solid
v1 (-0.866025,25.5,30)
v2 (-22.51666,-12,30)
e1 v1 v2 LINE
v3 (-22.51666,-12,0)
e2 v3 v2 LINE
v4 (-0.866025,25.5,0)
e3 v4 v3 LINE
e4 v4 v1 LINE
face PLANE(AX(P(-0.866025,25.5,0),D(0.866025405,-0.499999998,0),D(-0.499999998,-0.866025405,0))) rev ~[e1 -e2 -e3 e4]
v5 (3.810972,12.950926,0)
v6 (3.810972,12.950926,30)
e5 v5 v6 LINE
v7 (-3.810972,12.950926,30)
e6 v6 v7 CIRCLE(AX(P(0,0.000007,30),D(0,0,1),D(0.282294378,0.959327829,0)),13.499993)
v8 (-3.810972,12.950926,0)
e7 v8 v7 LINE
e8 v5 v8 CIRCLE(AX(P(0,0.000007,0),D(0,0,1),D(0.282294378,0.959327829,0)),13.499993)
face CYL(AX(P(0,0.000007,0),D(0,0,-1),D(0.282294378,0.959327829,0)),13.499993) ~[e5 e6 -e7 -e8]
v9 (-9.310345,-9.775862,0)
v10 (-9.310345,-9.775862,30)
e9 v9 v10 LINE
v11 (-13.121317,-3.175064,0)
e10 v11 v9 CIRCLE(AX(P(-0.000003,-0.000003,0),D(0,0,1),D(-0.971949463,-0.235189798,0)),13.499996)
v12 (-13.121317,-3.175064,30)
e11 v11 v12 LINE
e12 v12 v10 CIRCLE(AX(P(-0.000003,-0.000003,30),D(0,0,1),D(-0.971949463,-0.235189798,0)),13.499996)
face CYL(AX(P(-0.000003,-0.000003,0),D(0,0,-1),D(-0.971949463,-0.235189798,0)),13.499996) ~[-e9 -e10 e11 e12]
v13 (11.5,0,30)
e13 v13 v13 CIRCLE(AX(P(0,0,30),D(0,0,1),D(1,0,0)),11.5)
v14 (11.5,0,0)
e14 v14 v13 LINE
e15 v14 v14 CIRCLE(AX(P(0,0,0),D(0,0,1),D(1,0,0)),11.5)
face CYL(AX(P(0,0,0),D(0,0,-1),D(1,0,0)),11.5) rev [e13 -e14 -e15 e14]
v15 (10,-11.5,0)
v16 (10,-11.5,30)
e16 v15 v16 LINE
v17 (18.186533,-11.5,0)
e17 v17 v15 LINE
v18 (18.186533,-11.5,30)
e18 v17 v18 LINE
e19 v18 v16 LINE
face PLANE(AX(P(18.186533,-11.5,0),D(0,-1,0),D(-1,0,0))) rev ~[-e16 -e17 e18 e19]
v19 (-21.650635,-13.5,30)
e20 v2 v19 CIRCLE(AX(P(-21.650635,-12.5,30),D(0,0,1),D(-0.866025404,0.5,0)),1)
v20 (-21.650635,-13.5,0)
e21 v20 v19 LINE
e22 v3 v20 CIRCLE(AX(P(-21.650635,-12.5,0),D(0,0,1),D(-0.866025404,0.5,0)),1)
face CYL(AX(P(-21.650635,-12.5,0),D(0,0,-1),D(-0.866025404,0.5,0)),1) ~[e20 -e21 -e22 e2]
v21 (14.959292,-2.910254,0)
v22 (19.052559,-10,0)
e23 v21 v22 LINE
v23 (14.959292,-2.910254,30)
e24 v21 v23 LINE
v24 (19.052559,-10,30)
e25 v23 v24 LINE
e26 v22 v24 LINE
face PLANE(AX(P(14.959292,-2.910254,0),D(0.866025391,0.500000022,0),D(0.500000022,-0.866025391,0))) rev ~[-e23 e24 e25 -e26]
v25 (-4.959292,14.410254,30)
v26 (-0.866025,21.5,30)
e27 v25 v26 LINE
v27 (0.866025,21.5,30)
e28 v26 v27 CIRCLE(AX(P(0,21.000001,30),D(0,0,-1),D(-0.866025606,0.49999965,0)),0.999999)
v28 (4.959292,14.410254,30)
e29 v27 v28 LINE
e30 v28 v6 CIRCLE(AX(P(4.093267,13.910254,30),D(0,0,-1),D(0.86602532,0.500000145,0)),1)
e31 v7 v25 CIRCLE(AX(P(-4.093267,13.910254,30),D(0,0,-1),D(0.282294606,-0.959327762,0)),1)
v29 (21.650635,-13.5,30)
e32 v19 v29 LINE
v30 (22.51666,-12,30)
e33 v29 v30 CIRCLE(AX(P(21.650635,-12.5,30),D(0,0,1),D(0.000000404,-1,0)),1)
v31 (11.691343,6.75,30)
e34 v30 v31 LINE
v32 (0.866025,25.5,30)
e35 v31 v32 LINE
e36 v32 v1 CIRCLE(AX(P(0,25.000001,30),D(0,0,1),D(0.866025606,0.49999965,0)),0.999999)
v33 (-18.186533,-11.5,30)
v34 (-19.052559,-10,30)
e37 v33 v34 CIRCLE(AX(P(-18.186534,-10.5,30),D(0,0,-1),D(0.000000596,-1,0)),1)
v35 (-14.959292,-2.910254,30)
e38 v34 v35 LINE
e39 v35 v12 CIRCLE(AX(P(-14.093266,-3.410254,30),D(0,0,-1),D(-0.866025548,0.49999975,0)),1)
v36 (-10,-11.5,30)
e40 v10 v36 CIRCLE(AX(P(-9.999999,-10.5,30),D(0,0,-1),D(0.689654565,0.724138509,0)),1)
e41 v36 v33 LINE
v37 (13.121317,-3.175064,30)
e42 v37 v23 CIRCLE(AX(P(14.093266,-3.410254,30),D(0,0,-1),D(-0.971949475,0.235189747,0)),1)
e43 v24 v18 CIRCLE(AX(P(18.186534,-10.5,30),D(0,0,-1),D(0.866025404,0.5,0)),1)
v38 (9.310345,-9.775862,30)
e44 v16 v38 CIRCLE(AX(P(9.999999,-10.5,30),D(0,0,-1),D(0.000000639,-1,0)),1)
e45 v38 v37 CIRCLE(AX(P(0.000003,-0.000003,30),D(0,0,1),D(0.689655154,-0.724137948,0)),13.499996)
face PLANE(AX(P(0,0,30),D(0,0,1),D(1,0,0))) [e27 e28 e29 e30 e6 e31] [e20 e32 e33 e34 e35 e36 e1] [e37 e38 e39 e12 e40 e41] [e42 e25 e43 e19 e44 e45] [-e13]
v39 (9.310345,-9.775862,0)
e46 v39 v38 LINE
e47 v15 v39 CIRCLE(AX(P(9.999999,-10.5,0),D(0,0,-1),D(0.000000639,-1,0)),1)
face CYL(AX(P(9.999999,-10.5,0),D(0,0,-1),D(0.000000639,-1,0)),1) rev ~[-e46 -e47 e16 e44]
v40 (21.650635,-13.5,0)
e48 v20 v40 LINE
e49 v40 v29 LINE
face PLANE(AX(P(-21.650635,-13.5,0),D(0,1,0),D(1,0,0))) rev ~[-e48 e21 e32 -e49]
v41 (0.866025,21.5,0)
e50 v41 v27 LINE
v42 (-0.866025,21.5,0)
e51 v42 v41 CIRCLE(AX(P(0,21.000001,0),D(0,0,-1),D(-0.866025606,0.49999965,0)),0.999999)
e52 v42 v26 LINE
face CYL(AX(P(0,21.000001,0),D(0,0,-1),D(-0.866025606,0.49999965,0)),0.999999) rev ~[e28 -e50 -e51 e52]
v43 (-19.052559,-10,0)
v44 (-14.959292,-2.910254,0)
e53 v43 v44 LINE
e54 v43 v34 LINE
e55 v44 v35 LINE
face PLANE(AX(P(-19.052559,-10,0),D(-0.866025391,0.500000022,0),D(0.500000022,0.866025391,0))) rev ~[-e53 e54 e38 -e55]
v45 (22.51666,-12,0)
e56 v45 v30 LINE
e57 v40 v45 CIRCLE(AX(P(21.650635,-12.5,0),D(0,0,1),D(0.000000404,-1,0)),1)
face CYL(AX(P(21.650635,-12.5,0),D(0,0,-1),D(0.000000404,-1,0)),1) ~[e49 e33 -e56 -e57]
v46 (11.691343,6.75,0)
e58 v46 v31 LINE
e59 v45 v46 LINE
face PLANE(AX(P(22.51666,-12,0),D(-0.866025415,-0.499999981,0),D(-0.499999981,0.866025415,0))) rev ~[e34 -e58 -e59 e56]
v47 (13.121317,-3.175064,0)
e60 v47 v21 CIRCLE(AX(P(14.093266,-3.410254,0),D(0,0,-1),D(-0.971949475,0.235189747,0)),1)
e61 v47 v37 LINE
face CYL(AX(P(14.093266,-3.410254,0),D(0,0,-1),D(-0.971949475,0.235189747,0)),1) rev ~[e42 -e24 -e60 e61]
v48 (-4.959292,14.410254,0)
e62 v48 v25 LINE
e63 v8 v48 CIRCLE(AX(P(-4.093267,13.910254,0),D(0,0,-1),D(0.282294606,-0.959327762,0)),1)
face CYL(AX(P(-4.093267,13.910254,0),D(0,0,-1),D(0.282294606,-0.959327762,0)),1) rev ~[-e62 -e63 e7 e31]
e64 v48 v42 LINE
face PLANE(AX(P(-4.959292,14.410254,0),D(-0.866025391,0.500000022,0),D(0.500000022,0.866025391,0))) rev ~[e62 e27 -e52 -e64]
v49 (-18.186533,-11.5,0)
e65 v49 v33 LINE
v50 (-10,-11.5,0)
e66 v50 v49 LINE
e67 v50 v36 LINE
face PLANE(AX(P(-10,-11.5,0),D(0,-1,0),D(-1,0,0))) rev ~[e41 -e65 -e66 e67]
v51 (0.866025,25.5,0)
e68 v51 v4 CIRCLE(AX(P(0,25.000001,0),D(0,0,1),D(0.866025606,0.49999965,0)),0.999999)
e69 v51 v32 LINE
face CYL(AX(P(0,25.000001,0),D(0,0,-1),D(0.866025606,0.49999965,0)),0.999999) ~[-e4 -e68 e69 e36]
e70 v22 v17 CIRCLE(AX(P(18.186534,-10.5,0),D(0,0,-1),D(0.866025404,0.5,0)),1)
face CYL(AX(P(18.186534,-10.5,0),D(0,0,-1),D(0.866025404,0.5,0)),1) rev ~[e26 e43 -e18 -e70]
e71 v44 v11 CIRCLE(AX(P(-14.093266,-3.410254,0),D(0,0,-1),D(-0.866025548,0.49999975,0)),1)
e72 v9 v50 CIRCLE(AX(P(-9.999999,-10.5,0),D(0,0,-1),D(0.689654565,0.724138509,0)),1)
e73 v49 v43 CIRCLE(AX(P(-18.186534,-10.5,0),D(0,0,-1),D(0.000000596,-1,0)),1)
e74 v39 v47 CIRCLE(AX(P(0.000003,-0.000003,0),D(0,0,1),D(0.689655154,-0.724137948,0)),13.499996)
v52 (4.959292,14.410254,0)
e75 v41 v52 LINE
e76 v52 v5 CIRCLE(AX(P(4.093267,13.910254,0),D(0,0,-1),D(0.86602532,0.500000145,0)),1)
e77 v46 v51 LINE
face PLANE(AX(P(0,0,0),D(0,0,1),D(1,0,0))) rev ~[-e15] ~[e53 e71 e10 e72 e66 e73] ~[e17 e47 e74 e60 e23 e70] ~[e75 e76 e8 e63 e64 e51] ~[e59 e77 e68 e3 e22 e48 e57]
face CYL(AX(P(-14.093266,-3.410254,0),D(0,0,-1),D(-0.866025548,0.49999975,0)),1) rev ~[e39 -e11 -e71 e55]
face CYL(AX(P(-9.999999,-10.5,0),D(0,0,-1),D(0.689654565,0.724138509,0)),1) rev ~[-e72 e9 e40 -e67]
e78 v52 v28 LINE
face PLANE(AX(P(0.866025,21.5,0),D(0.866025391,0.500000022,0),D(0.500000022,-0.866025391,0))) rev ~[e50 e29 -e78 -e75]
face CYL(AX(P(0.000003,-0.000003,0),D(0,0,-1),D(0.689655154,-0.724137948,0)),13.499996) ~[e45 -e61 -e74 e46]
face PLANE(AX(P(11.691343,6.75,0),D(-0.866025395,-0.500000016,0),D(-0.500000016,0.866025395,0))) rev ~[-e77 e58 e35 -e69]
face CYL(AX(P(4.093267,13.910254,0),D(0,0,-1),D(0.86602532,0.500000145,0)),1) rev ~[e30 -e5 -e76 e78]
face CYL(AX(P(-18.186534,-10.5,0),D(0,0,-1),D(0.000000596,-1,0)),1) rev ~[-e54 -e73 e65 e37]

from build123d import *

# Parameters (mm, degrees)
F0_R     = 11.5
F1_DEPTH = 30


with BuildPart() as f1:
    # F0 (on Top) → F1 (new body)
    with BuildSketch(Plane.XY):
        with BuildLine():
            Line((11.691343, 6.75), (0.866025, 25.5))
            ThreePointArc((0.866025, 25.5), (0, 26), (-0.866025, 25.5))
            Line((-0.866025, 25.5), (-22.51666, -12))
            ThreePointArc((-22.51666, -12), (-22.51666, -13), (-21.650635, -13.5))
            Line((-21.650635, -13.5), (21.650635, -13.5))
            ThreePointArc((21.650635, -13.5), (22.51666, -13), (22.51666, -12))
            Line((22.51666, -12), (11.691343, 6.75))
        make_face()
        with BuildLine():
            ThreePointArc((-18.186533, -11.5), (-19.052559, -11), (-19.052559, -10))
            Line((-19.052559, -10), (-14.959292, -2.910254))
            ThreePointArc((-14.959292, -2.910254), (-13.950662, -2.420474), (-13.121317, -3.175064))
            ThreePointArc((-13.121317, -3.175064), (-11.691343, -6.75), (-9.310345, -9.775862))
            ThreePointArc((-9.310345, -9.775862), (-9.071523, -10.871391), (-10, -11.5))
            Line((-10, -11.5), (-18.186533, -11.5))
        make_face(mode=Mode.SUBTRACT)
        Circle(F0_R, mode=Mode.SUBTRACT)
        with BuildLine():
            ThreePointArc((19.052559, -10), (19.052559, -11), (18.186533, -11.5))
            Line((18.186533, -11.5), (10, -11.5))
            ThreePointArc((10, -11.5), (9.071523, -10.871391), (9.310345, -9.775862))
            ThreePointArc((9.310345, -9.775862), (11.691343, -6.75), (13.121317, -3.175064))
            ThreePointArc((13.121317, -3.175064), (13.950662, -2.420474), (14.959292, -2.910254))
            Line((14.959292, -2.910254), (19.052559, -10))
        make_face(mode=Mode.SUBTRACT)
        with BuildLine():
            ThreePointArc((-0.866025, 21.5), (0, 22), (0.866025, 21.5))
            Line((0.866025, 21.5), (4.959292, 14.410254))
            ThreePointArc((4.959292, 14.410254), (4.879139, 13.291865), (3.810972, 12.950926))
            ThreePointArc((3.810972, 12.950926), (0, 13.5), (-3.810972, 12.950926))
            ThreePointArc((-3.810972, 12.950926), (-4.879139, 13.291865), (-4.959292, 14.410254))
            Line((-4.959292, 14.410254), (-0.866025, 21.5))
        make_face(mode=Mode.SUBTRACT)
    extrude(amount=F1_DEPTH)


solid = f1.part
